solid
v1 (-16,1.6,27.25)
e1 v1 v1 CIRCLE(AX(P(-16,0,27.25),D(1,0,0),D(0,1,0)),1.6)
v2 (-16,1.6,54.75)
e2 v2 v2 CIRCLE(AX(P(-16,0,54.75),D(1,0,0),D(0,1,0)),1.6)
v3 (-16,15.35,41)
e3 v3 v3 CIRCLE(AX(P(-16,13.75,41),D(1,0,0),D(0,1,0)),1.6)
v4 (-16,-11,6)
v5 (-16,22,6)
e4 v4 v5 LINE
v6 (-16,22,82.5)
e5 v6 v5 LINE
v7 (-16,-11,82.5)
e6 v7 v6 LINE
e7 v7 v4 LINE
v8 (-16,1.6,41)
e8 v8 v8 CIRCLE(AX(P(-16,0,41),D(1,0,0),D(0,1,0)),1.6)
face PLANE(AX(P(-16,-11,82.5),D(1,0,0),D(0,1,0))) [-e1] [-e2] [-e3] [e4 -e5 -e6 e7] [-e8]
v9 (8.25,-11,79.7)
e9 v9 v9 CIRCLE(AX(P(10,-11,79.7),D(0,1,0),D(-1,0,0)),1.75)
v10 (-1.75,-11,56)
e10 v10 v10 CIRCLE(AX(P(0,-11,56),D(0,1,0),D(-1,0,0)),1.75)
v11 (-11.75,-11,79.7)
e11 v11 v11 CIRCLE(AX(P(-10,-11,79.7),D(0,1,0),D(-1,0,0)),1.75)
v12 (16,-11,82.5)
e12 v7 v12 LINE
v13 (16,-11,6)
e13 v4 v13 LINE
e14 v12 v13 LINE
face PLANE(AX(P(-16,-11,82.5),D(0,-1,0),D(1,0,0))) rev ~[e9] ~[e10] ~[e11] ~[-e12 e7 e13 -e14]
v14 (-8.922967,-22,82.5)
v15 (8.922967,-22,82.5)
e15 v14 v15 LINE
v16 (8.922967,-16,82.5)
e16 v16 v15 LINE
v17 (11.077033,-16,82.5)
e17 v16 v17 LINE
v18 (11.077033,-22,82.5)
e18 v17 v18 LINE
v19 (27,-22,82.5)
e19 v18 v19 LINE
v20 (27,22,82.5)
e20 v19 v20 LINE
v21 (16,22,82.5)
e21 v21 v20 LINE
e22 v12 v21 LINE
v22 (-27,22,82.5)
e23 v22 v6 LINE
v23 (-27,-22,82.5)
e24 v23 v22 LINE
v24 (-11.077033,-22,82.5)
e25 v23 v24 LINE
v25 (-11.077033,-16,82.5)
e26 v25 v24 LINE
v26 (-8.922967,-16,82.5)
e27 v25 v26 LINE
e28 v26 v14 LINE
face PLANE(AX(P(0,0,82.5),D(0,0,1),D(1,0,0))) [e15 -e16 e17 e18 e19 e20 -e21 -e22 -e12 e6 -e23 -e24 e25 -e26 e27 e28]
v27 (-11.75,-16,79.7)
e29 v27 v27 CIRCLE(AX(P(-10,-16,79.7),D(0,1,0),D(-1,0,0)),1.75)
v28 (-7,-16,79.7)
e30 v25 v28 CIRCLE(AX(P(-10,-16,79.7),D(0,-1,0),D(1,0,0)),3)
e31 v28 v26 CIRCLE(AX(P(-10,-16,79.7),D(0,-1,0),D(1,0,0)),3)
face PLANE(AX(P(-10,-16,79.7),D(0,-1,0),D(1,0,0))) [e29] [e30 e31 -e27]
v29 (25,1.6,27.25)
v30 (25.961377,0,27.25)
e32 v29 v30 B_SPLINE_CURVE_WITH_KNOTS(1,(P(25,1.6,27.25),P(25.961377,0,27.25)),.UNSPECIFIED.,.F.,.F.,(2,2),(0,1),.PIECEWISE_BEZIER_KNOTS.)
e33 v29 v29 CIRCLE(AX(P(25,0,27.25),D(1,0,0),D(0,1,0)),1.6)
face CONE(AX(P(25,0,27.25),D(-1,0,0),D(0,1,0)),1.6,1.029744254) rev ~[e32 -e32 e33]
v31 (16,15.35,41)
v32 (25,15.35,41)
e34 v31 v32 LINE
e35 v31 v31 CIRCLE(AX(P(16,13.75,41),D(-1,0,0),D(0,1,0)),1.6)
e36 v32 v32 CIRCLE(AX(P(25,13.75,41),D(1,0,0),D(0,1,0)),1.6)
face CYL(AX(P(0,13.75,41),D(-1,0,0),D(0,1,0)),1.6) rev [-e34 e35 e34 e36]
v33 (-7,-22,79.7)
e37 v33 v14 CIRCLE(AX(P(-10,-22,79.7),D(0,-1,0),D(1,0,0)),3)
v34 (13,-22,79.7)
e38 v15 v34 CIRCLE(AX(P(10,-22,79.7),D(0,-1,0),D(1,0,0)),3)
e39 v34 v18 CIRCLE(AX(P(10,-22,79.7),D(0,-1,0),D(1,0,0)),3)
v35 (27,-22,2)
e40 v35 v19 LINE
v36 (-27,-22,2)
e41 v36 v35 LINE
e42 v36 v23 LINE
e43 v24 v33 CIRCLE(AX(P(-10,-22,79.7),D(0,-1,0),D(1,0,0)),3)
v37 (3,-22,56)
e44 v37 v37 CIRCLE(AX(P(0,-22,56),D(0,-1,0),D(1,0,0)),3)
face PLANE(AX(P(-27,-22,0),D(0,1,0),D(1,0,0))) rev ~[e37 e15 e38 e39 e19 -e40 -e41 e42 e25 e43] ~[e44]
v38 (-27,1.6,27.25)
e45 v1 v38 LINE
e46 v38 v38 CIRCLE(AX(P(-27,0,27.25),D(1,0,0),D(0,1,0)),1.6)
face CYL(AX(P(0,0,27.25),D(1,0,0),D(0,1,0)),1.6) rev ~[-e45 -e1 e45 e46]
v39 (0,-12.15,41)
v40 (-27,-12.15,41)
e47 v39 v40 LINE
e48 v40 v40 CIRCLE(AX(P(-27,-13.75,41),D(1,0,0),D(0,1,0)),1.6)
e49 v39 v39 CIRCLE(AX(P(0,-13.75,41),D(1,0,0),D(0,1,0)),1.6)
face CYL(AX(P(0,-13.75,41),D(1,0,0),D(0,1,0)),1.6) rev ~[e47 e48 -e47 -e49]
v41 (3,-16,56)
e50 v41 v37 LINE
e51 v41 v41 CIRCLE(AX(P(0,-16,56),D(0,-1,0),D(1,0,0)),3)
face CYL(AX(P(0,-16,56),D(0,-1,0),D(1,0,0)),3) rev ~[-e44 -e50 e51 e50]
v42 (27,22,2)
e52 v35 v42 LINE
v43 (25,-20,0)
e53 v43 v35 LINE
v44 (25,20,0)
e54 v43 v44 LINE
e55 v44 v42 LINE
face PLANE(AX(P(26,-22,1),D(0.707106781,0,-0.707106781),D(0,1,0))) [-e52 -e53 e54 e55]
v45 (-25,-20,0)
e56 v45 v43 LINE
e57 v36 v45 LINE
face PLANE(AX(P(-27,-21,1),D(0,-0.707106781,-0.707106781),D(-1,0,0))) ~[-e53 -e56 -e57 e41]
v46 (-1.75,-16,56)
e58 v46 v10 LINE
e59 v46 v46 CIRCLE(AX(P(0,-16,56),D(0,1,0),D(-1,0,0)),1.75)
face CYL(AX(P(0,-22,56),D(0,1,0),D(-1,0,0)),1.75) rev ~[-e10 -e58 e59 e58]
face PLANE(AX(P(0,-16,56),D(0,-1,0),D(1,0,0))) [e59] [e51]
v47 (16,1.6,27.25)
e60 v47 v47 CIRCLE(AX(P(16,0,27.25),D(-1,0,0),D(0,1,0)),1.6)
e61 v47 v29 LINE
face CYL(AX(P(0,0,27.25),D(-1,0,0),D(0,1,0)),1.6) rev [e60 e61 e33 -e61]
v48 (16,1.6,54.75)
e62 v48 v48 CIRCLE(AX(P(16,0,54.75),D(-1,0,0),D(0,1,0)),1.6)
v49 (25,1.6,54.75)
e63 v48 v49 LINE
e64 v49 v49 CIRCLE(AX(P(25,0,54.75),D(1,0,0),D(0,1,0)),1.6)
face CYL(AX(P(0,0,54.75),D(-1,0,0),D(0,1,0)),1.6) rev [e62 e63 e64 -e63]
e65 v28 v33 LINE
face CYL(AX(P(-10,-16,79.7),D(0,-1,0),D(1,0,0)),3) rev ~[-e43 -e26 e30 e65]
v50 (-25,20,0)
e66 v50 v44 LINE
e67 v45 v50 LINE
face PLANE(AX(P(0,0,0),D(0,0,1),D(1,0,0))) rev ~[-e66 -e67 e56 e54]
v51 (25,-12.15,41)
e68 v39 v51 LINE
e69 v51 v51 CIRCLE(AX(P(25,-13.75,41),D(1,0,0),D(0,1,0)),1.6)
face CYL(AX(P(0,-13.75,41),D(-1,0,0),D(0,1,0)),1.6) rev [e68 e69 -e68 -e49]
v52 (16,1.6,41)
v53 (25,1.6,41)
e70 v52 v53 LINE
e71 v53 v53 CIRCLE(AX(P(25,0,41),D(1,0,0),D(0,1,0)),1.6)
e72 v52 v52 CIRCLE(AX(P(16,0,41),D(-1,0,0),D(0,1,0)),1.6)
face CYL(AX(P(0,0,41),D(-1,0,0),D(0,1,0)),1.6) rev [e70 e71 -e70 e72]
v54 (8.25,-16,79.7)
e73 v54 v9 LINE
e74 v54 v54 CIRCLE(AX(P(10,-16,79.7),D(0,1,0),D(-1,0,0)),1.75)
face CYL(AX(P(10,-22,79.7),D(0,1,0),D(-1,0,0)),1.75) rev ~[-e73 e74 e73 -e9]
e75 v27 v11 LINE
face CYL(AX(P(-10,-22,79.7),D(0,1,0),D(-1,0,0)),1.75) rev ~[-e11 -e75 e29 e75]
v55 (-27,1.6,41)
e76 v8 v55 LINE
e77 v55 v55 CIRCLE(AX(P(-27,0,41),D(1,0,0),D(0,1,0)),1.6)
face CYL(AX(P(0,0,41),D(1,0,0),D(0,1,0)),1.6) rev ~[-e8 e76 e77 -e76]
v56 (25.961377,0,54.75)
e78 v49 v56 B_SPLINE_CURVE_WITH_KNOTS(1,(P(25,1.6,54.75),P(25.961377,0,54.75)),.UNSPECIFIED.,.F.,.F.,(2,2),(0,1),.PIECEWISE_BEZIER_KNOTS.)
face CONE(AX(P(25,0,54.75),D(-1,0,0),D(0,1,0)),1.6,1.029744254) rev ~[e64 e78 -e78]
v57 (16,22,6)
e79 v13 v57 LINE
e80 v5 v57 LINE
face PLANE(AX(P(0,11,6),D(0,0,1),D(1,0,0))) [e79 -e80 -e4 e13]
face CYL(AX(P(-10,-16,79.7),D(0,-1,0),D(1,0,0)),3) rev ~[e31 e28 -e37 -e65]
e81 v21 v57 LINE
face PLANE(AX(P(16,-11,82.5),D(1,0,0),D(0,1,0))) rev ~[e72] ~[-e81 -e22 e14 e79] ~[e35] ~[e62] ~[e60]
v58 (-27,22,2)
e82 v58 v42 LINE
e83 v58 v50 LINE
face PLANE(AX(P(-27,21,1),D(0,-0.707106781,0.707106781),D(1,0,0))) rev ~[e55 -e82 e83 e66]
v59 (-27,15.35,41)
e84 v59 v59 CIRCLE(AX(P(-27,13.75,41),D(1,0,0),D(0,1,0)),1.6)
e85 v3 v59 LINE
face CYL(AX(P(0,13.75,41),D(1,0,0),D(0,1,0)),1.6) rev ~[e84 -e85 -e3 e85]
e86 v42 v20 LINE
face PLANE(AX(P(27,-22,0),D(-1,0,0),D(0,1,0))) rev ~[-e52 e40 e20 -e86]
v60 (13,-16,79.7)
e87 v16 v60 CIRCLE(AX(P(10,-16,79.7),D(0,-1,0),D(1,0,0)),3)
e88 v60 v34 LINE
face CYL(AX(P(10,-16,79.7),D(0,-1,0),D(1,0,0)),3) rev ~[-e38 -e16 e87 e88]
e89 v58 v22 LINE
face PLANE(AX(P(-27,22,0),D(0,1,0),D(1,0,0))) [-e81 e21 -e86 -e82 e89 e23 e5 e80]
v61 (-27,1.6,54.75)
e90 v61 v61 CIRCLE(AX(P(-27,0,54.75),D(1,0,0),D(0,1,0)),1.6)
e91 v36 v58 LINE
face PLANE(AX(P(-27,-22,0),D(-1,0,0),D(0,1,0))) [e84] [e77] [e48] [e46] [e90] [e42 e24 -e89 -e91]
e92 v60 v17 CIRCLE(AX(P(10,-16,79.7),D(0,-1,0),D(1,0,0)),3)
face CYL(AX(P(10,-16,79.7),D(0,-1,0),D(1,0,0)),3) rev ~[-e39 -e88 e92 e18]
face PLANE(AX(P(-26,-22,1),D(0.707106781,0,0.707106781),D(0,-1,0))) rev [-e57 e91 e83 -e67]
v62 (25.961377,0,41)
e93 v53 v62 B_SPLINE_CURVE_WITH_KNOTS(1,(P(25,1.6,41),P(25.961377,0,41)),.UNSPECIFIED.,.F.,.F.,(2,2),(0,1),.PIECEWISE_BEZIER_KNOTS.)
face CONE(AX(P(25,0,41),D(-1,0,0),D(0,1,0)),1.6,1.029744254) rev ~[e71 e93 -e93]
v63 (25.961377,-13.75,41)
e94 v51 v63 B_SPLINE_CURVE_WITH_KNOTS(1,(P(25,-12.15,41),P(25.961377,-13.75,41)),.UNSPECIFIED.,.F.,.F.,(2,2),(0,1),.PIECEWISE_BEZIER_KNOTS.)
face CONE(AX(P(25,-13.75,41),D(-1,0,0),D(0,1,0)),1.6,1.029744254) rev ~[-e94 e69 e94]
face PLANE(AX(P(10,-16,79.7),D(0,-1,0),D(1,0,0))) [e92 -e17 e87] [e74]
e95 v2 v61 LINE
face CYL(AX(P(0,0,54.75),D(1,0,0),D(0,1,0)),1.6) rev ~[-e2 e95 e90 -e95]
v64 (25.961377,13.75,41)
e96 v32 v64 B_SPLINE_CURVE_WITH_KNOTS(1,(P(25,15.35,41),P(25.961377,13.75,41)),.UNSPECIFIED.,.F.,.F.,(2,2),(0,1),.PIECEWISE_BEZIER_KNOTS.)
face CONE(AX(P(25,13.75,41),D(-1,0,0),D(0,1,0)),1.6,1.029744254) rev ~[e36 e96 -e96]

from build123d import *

# Parameters (mm, degrees)
SKETCH_W            = 54
SKETCH_H            = 44
PAD_DEPTH           = 82.5
SKETCH001_W         = 32
SKETCH001_H         = 44
POCKET_DEPTH        = 76.5
SKETCH002_R         = 1.6
HOLE_DEPTH          = 50
HOLE001_DEPTH       = 25
HOLE001_TIPS_R      = 1.6
SKETCH003_R         = 1
HOLE002_DEPTH       = 12
HOLE003_D           = 3.5
HOLE003_DEPTH       = 25
HOLE003_CBORE_D     = 6
HOLE003_CBORE_DEPTH = 6
HOLE003_TIPS_R      = 1.75
CHAMFER_SIZE        = 2


with BuildPart() as part:
    # Sketch → Pad (new body)
    with BuildSketch(Plane.XY):
        Rectangle(SKETCH_W, SKETCH_H)
    extrude(amount=PAD_DEPTH)

    # Sketch001 (on Face6 of Pad) → Pocket (cut)
    with BuildSketch(Plane.XY.offset(82.5)):
        with Locations((0, 11)):
            Rectangle(SKETCH001_W, SKETCH001_H)
    extrude(amount=-POCKET_DEPTH, mode=Mode.SUBTRACT)

    # Sketch002 → Hole (cut)
    with BuildSketch(Plane.YZ):
        with Locations((0, 41)):
            Circle(SKETCH002_R)
        with Locations((13.75, 41)):
            Circle(SKETCH002_R)
        with Locations((0, 54.75)):
            Circle(SKETCH002_R)
        with Locations((0, 27.25)):
            Circle(SKETCH002_R)
        with Locations((-13.75, 41)):
            Circle(SKETCH002_R)
    extrude(amount=-HOLE_DEPTH, mode=Mode.SUBTRACT)

    # Sketch002 → Hole001 (cut)
    with BuildSketch(Plane.YZ):
        with Locations((0, 41)):
            Circle(SKETCH002_R)
        with Locations((13.75, 41)):
            Circle(SKETCH002_R)
        with Locations((0, 54.75)):
            Circle(SKETCH002_R)
        with Locations((0, 27.25)):
            Circle(SKETCH002_R)
        with Locations((-13.75, 41)):
            Circle(SKETCH002_R)
    extrude(amount=HOLE001_DEPTH, mode=Mode.SUBTRACT)

    # Hole001 tips → Hole001 tip 1 section 0
    with BuildSketch(Plane.YZ.offset(25), mode=Mode.PRIVATE) as hole001_tip_1_s0:
        with Locations((0, 41)):
            Circle(HOLE001_TIPS_R)
    loft([hole001_tip_1_s0.sketch, Vertex(25.961377, 0, 41)], mode=Mode.SUBTRACT)

    # Hole001 tips → Hole001 tip 2 section 0
    with BuildSketch(Plane.YZ.offset(25), mode=Mode.PRIVATE) as hole001_tip_2_s0:
        with Locations((13.75, 41)):
            Circle(HOLE001_TIPS_R)
    loft([hole001_tip_2_s0.sketch, Vertex(25.961377, 13.75, 41)], mode=Mode.SUBTRACT)

    # Hole001 tips → Hole001 tip 3 section 0
    with BuildSketch(Plane.YZ.offset(25), mode=Mode.PRIVATE) as hole001_tip_3_s0:
        with Locations((0, 54.75)):
            Circle(HOLE001_TIPS_R)
    loft([hole001_tip_3_s0.sketch, Vertex(25.961377, 0, 54.75)], mode=Mode.SUBTRACT)

    # Hole001 tips → Hole001 tip 4 section 0
    with BuildSketch(Plane.YZ.offset(25), mode=Mode.PRIVATE) as hole001_tip_4_s0:
        with Locations((0, 27.25)):
            Circle(HOLE001_TIPS_R)
    loft([hole001_tip_4_s0.sketch, Vertex(25.961377, 0, 27.25)], mode=Mode.SUBTRACT)

    # Hole001 tips → Hole001 tip 5 section 0
    with BuildSketch(Plane.YZ.offset(25), mode=Mode.PRIVATE) as hole001_tip_5_s0:
        with Locations((-13.75, 41)):
            Circle(HOLE001_TIPS_R)
    loft([hole001_tip_5_s0.sketch, Vertex(25.961377, -13.75, 41)], mode=Mode.SUBTRACT)

    # Sketch003 → Hole002 (cut)
    with BuildSketch(Plane.XY):
        with Locations((-13, 18.5)):
            Circle(SKETCH003_R)
        with Locations((13, 18.5)):
            Circle(SKETCH003_R)
        with Locations((13, -18.5)):
            Circle(SKETCH003_R)
        with Locations((-13, -18.5)):
            Circle(SKETCH003_R)
    extrude(amount=-HOLE002_DEPTH, mode=Mode.SUBTRACT)

    # Hole003
    with Locations(Plane.XZ.offset(22)):
        with Locations((0, 56), (10, 79.7), (-10, 79.7)):
            CounterBoreHole(HOLE003_D / 2, HOLE003_CBORE_D / 2, HOLE003_CBORE_DEPTH, depth=HOLE003_DEPTH)

    # Hole003 tips → Hole003 tip 1 section 0
    with BuildSketch(Plane.XZ.offset(-3), mode=Mode.PRIVATE) as hole003_tip_1_s0:
        with Locations((0, 56)):
            Circle(HOLE003_TIPS_R)
    loft([hole003_tip_1_s0.sketch, Vertex(0, 4.051506, 56)], mode=Mode.SUBTRACT)

    # Hole003 tips → Hole003 tip 2 section 0
    with BuildSketch(Plane.XZ.offset(-3), mode=Mode.PRIVATE) as hole003_tip_2_s0:
        with Locations((10, 79.7)):
            Circle(HOLE003_TIPS_R)
    loft([hole003_tip_2_s0.sketch, Vertex(10, 4.051506, 79.7)], mode=Mode.SUBTRACT)

    # Hole003 tips → Hole003 tip 3 section 0
    with BuildSketch(Plane.XZ.offset(-3), mode=Mode.PRIVATE) as hole003_tip_3_s0:
        with Locations((-10, 79.7)):
            Circle(HOLE003_TIPS_R)
    loft([hole003_tip_3_s0.sketch, Vertex(-10, 4.051506, 79.7)], mode=Mode.SUBTRACT)

    # Chamfer
    chamfer_edges = [part.edges().sort_by_distance(p)[0] for p in [
        (-27, 0, 0),
        (0, 22, 0),
        (27, 0, 0),
        (0, -22, 0),
    ]]
    chamfer(chamfer_edges, length=CHAMFER_SIZE)


solid = part.part
